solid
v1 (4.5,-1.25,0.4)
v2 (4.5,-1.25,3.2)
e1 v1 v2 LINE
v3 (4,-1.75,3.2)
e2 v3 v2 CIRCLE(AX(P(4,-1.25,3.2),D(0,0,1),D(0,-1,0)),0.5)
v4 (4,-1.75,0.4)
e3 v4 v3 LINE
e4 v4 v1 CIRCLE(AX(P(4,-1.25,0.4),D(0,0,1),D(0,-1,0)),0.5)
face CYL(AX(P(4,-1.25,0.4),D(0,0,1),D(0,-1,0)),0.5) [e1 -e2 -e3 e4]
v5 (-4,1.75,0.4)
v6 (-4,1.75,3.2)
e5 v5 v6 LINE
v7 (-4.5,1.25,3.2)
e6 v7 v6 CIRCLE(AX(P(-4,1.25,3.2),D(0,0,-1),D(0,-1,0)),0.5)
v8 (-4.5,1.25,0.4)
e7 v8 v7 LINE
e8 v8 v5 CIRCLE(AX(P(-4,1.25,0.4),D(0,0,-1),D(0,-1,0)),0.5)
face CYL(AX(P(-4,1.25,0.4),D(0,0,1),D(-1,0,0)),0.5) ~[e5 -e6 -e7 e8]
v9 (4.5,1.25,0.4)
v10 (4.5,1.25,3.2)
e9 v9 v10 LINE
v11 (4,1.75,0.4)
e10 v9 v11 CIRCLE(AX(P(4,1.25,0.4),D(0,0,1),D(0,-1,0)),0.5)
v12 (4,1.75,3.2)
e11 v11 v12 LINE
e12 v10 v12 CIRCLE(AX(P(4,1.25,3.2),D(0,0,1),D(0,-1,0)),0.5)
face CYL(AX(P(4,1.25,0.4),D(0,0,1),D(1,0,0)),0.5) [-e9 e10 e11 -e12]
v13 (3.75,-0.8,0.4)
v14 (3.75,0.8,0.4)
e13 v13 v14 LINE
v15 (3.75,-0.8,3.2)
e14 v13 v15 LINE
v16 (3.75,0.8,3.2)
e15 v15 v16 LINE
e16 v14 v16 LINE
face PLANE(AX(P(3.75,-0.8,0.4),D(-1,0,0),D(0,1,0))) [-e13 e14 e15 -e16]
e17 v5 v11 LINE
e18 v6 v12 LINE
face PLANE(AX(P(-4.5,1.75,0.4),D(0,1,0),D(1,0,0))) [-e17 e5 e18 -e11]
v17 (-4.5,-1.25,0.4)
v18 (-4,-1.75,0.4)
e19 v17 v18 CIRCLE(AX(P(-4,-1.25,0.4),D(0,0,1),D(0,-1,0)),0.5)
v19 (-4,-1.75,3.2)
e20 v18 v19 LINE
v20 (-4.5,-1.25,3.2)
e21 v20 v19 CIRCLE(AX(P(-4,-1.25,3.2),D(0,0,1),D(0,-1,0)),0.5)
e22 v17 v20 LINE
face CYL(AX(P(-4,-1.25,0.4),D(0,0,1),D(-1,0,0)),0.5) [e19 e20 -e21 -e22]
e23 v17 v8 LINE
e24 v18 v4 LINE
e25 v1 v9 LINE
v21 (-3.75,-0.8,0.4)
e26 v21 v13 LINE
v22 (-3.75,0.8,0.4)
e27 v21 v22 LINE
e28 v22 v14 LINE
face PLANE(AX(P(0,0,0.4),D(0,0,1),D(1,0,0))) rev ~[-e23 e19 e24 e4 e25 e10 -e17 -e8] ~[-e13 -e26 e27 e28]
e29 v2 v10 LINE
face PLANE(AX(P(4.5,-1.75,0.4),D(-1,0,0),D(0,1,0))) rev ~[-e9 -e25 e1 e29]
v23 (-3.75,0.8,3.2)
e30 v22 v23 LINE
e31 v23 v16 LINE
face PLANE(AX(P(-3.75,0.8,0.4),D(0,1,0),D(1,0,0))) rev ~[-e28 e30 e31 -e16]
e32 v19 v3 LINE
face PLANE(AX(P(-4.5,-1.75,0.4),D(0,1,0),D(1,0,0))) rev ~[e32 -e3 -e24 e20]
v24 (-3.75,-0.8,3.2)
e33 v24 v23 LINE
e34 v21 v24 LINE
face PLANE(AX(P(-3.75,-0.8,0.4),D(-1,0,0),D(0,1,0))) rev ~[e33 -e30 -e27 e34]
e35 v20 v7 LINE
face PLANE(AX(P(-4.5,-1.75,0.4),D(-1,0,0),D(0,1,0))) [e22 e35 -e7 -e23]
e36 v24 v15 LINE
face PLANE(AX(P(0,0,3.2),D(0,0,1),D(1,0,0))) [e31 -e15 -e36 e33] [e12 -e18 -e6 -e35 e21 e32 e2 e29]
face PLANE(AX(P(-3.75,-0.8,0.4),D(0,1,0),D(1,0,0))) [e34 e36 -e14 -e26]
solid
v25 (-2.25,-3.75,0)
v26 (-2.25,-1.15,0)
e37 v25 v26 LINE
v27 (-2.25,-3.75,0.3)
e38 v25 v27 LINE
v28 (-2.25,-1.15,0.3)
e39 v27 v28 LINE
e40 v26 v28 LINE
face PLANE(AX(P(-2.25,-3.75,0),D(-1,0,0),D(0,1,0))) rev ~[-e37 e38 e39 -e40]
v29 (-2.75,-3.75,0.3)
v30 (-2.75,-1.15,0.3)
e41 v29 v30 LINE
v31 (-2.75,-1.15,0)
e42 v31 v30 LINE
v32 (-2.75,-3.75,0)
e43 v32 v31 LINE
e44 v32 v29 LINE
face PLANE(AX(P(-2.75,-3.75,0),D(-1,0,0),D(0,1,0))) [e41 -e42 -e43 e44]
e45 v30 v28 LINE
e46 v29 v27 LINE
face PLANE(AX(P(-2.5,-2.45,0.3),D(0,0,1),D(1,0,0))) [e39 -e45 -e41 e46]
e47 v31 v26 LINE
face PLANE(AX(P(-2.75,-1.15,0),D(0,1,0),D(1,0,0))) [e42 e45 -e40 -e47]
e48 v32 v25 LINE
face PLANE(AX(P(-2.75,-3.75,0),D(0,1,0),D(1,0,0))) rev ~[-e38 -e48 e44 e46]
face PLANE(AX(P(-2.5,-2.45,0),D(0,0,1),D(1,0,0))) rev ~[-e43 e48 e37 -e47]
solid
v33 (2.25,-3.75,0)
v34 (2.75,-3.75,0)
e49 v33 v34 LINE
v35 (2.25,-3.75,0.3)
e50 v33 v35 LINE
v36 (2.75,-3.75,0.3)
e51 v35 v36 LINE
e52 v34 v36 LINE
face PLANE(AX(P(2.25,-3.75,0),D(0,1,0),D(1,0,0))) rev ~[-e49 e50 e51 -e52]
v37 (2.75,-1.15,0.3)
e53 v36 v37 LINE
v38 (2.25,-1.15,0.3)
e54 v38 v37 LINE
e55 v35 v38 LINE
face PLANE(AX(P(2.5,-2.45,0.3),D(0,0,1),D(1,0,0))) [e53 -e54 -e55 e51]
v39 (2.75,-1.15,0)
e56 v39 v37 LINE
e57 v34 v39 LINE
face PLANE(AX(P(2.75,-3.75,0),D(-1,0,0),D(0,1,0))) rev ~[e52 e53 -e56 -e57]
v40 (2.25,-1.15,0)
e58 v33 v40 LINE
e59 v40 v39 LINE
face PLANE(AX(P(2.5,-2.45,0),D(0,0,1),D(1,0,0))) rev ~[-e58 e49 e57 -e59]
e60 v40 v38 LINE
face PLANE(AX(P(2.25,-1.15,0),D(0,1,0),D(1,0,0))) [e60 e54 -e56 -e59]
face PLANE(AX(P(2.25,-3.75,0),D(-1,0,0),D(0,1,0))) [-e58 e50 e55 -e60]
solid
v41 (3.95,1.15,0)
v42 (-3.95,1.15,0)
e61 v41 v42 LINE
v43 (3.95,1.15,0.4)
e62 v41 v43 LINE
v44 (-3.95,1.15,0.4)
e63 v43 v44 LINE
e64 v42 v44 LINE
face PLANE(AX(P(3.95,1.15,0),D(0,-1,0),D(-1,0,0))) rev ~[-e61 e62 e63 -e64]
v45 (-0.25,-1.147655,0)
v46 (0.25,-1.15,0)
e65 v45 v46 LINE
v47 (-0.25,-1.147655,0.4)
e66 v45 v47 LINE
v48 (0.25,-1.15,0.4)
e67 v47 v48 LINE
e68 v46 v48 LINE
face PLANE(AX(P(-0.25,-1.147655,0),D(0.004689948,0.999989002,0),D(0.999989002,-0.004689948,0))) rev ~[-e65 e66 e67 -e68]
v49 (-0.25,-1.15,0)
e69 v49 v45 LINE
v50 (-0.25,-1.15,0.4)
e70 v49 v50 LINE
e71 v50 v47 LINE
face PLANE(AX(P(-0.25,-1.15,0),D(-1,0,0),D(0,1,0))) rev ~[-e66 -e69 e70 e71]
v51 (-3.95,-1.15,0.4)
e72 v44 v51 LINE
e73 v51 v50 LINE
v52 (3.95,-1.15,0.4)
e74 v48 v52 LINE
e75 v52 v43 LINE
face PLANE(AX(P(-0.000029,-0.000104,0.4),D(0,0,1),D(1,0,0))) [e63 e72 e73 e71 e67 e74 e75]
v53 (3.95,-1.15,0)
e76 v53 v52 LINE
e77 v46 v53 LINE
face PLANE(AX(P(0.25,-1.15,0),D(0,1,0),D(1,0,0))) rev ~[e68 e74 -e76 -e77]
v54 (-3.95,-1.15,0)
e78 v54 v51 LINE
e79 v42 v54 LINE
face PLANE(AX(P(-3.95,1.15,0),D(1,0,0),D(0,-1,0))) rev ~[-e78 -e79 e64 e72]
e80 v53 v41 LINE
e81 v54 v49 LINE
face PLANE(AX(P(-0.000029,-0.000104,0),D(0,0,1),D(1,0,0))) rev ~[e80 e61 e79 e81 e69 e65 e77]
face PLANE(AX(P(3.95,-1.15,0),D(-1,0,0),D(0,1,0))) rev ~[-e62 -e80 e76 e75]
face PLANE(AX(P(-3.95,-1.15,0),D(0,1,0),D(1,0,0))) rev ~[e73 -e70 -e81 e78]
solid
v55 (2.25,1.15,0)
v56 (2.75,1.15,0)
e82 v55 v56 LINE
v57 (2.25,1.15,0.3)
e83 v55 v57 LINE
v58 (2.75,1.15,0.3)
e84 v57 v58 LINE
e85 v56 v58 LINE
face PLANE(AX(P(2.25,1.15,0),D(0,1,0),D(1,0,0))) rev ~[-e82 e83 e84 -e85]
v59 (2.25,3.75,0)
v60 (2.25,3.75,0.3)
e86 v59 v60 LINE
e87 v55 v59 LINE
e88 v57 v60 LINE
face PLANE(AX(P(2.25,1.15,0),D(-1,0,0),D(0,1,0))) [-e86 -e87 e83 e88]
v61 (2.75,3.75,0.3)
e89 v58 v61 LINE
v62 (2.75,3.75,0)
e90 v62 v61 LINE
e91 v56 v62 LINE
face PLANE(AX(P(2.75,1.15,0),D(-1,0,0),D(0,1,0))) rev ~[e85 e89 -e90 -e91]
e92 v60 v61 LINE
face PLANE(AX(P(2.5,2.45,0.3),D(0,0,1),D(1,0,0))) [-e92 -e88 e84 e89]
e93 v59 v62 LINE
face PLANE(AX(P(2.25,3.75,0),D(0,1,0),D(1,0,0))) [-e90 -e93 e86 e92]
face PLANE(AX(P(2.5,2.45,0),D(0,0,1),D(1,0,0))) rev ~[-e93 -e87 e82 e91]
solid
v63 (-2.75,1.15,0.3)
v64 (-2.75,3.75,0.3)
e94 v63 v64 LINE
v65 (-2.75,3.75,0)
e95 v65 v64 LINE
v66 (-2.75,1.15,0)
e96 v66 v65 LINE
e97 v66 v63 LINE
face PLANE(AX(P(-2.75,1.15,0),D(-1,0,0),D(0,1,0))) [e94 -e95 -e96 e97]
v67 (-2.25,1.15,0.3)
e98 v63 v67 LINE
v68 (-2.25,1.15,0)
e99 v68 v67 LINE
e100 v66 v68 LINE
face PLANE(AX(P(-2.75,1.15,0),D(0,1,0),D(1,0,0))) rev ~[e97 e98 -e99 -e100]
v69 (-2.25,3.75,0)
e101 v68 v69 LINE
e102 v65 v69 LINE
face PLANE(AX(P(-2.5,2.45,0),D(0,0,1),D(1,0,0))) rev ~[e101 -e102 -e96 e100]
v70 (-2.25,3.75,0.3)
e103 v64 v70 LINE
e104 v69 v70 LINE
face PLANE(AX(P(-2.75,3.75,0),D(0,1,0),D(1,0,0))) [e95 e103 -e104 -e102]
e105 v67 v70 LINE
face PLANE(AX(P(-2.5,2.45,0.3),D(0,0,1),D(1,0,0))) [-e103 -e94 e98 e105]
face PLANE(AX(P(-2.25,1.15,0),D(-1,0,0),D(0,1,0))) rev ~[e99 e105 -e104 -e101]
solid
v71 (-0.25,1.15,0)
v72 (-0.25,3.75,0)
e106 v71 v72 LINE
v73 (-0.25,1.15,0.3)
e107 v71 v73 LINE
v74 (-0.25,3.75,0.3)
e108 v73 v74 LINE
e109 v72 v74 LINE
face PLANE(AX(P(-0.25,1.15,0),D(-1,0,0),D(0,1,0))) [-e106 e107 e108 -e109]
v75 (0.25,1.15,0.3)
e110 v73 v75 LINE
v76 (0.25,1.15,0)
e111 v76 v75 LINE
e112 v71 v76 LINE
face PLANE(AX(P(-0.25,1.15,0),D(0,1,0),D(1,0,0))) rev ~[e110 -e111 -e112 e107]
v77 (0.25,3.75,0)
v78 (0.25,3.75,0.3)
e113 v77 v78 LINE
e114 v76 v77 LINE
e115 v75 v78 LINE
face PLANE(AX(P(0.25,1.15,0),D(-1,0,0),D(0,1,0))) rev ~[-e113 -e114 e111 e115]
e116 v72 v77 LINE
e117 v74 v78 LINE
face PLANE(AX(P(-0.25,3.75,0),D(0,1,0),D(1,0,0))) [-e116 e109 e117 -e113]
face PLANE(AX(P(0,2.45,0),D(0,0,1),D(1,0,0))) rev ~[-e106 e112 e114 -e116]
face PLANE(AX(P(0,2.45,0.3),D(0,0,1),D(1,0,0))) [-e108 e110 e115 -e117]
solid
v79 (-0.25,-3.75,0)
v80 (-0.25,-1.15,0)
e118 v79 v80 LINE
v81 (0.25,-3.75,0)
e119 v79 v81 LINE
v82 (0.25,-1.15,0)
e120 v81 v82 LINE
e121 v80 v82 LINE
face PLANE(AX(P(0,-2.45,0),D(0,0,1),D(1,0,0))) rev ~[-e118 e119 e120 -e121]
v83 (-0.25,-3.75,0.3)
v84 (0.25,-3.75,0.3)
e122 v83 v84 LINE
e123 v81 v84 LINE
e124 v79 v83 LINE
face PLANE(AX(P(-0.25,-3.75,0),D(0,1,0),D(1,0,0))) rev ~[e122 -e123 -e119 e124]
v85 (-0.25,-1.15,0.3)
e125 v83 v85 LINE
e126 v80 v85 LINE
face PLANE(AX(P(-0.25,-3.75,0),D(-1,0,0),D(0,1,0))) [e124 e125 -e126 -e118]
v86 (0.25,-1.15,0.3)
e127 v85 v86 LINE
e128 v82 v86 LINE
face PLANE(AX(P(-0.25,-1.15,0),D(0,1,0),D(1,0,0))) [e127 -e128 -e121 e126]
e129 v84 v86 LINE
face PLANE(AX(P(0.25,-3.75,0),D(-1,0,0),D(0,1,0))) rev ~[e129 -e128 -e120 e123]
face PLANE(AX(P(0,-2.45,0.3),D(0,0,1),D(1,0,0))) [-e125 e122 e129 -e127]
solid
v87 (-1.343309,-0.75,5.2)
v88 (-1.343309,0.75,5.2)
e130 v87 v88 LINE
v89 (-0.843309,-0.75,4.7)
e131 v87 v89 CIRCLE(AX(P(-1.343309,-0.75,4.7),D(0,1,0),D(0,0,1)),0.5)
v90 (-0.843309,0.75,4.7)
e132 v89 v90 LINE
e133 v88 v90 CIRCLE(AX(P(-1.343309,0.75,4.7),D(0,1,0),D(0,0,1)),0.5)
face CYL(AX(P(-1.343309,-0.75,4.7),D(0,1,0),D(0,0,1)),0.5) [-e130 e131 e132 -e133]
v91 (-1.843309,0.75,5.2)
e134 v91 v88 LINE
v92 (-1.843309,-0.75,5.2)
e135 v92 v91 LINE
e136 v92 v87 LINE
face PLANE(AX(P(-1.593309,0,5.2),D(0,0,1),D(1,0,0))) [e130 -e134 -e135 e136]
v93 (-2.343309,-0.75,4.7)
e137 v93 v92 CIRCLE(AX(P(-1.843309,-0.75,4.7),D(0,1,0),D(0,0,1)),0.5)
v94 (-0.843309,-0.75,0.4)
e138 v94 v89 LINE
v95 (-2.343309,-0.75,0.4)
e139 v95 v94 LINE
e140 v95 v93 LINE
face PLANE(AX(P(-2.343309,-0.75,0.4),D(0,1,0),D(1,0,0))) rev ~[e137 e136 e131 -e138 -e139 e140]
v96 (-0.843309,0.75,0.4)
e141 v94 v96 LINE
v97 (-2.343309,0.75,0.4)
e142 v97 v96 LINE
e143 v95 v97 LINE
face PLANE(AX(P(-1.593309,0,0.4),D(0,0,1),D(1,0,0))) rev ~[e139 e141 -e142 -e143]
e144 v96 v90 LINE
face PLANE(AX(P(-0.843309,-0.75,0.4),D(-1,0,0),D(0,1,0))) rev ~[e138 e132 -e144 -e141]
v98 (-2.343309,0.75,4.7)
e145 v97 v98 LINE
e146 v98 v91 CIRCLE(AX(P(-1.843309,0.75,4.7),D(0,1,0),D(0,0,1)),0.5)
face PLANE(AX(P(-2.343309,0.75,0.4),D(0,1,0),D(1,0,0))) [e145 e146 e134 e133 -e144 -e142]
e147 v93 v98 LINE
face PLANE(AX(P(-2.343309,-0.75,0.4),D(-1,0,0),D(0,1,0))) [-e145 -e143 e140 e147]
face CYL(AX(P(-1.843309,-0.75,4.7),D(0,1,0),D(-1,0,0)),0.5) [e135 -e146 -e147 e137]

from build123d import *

# Parameters (mm, degrees)
F2_W     = 9
F2_H     = 3.5
F2_W_2   = 7.5
F2_H_2   = 1.6
F3_DEPTH = 2.8
F4_DEPTH = 0.4
F2_W_3   = 1.5
F2_H_3   = 1.5
F5_DEPTH = 4.8
F0_W     = 0.5
F0_H     = 2.6
F6_DEPTH = 0.3
F7_R     = 0.5
F8_R     = 0.5
F9_R     = 0.5
F10_R    = 0.5
F11_R    = 0.5
F12_R    = 0.5


with BuildPart() as f3:
    # F2 (on offset) → F3 (new body)
    with BuildSketch(Plane.XY.offset(0.4)):
        Rectangle(F2_W, F2_H)
        Rectangle(F2_W_2, F2_H_2, mode=Mode.SUBTRACT)
    extrude(amount=F3_DEPTH)

    # F9
    f9_edges = [f3.edges().sort_by_distance(p)[0] for p in [
        (-4.5, -1.75, 1.8),
    ]]
    fillet(f9_edges, radius=F9_R)

    # F10
    f10_edges = [f3.edges().sort_by_distance(p)[0] for p in [
        (-4.5, 1.75, 1.8),
    ]]
    fillet(f10_edges, radius=F10_R)

    # F11
    f11_edges = [f3.edges().sort_by_distance(p)[0] for p in [
        (4.5, -1.75, 1.8),
    ]]
    fillet(f11_edges, radius=F11_R)

    # F12
    f12_edges = [f3.edges().sort_by_distance(p)[0] for p in [
        (4.5, 1.75, 1.8),
    ]]
    fillet(f12_edges, radius=F12_R)


with BuildPart() as f4:
    # F0 (on Top) → F4 (new body)
    with BuildSketch(Plane.XY):
        Polygon((3.95, -1.15), (3.95, 1.15), (2.75, 1.15), (2.25, 1.15), (0.25, 1.15), (-0.25, 1.15), (-2.25, 1.15), (-2.75, 1.15), (-3.95, 1.15), (-3.95, -1.15), (-2.75, -1.15), (-2.25, -1.15), (-0.25, -1.15), (-0.25, -1.147655), (0.25, -1.15), (2.25, -1.15), (2.75, -1.15), align=None)
    extrude(amount=F4_DEPTH)


with BuildPart() as f5:
    # F2 (on offset) → F5 (new body)
    with BuildSketch(Plane.XY.offset(0.4)):
        with Locations((-1.593309, 0)):
            Rectangle(F2_W_3, F2_H_3)
    extrude(amount=F5_DEPTH)

    # F7
    f7_edges = [f5.edges().sort_by_distance(p)[0] for p in [
        (-2.343309, 0, 5.2),
    ]]
    fillet(f7_edges, radius=F7_R)

    # F8
    f8_edges = [f5.edges().sort_by_distance(p)[0] for p in [
        (-0.843309, 0, 5.2),
    ]]
    fillet(f8_edges, radius=F8_R)


with BuildPart() as f6:
    # F0 (on Top) → F6 (new body)
    with BuildSketch(Plane.XY):
        with Locations((-2.5, 2.45)):
            Rectangle(F0_W, F0_H)
        with Locations((0, 2.45)):
            Rectangle(F0_W, F0_H)
        with Locations((2.5, 2.45)):
            Rectangle(F0_W, F0_H)
        with Locations((2.5, -2.45)):
            Rectangle(F0_W, F0_H)
        with Locations((0, -2.45)):
            Rectangle(F0_W, F0_H)
        with Locations((-2.5, -2.45)):
            Rectangle(F0_W, F0_H)
    extrude(amount=F6_DEPTH)


solid = Compound([f3.part, f4.part, f5.part, f6.part])
